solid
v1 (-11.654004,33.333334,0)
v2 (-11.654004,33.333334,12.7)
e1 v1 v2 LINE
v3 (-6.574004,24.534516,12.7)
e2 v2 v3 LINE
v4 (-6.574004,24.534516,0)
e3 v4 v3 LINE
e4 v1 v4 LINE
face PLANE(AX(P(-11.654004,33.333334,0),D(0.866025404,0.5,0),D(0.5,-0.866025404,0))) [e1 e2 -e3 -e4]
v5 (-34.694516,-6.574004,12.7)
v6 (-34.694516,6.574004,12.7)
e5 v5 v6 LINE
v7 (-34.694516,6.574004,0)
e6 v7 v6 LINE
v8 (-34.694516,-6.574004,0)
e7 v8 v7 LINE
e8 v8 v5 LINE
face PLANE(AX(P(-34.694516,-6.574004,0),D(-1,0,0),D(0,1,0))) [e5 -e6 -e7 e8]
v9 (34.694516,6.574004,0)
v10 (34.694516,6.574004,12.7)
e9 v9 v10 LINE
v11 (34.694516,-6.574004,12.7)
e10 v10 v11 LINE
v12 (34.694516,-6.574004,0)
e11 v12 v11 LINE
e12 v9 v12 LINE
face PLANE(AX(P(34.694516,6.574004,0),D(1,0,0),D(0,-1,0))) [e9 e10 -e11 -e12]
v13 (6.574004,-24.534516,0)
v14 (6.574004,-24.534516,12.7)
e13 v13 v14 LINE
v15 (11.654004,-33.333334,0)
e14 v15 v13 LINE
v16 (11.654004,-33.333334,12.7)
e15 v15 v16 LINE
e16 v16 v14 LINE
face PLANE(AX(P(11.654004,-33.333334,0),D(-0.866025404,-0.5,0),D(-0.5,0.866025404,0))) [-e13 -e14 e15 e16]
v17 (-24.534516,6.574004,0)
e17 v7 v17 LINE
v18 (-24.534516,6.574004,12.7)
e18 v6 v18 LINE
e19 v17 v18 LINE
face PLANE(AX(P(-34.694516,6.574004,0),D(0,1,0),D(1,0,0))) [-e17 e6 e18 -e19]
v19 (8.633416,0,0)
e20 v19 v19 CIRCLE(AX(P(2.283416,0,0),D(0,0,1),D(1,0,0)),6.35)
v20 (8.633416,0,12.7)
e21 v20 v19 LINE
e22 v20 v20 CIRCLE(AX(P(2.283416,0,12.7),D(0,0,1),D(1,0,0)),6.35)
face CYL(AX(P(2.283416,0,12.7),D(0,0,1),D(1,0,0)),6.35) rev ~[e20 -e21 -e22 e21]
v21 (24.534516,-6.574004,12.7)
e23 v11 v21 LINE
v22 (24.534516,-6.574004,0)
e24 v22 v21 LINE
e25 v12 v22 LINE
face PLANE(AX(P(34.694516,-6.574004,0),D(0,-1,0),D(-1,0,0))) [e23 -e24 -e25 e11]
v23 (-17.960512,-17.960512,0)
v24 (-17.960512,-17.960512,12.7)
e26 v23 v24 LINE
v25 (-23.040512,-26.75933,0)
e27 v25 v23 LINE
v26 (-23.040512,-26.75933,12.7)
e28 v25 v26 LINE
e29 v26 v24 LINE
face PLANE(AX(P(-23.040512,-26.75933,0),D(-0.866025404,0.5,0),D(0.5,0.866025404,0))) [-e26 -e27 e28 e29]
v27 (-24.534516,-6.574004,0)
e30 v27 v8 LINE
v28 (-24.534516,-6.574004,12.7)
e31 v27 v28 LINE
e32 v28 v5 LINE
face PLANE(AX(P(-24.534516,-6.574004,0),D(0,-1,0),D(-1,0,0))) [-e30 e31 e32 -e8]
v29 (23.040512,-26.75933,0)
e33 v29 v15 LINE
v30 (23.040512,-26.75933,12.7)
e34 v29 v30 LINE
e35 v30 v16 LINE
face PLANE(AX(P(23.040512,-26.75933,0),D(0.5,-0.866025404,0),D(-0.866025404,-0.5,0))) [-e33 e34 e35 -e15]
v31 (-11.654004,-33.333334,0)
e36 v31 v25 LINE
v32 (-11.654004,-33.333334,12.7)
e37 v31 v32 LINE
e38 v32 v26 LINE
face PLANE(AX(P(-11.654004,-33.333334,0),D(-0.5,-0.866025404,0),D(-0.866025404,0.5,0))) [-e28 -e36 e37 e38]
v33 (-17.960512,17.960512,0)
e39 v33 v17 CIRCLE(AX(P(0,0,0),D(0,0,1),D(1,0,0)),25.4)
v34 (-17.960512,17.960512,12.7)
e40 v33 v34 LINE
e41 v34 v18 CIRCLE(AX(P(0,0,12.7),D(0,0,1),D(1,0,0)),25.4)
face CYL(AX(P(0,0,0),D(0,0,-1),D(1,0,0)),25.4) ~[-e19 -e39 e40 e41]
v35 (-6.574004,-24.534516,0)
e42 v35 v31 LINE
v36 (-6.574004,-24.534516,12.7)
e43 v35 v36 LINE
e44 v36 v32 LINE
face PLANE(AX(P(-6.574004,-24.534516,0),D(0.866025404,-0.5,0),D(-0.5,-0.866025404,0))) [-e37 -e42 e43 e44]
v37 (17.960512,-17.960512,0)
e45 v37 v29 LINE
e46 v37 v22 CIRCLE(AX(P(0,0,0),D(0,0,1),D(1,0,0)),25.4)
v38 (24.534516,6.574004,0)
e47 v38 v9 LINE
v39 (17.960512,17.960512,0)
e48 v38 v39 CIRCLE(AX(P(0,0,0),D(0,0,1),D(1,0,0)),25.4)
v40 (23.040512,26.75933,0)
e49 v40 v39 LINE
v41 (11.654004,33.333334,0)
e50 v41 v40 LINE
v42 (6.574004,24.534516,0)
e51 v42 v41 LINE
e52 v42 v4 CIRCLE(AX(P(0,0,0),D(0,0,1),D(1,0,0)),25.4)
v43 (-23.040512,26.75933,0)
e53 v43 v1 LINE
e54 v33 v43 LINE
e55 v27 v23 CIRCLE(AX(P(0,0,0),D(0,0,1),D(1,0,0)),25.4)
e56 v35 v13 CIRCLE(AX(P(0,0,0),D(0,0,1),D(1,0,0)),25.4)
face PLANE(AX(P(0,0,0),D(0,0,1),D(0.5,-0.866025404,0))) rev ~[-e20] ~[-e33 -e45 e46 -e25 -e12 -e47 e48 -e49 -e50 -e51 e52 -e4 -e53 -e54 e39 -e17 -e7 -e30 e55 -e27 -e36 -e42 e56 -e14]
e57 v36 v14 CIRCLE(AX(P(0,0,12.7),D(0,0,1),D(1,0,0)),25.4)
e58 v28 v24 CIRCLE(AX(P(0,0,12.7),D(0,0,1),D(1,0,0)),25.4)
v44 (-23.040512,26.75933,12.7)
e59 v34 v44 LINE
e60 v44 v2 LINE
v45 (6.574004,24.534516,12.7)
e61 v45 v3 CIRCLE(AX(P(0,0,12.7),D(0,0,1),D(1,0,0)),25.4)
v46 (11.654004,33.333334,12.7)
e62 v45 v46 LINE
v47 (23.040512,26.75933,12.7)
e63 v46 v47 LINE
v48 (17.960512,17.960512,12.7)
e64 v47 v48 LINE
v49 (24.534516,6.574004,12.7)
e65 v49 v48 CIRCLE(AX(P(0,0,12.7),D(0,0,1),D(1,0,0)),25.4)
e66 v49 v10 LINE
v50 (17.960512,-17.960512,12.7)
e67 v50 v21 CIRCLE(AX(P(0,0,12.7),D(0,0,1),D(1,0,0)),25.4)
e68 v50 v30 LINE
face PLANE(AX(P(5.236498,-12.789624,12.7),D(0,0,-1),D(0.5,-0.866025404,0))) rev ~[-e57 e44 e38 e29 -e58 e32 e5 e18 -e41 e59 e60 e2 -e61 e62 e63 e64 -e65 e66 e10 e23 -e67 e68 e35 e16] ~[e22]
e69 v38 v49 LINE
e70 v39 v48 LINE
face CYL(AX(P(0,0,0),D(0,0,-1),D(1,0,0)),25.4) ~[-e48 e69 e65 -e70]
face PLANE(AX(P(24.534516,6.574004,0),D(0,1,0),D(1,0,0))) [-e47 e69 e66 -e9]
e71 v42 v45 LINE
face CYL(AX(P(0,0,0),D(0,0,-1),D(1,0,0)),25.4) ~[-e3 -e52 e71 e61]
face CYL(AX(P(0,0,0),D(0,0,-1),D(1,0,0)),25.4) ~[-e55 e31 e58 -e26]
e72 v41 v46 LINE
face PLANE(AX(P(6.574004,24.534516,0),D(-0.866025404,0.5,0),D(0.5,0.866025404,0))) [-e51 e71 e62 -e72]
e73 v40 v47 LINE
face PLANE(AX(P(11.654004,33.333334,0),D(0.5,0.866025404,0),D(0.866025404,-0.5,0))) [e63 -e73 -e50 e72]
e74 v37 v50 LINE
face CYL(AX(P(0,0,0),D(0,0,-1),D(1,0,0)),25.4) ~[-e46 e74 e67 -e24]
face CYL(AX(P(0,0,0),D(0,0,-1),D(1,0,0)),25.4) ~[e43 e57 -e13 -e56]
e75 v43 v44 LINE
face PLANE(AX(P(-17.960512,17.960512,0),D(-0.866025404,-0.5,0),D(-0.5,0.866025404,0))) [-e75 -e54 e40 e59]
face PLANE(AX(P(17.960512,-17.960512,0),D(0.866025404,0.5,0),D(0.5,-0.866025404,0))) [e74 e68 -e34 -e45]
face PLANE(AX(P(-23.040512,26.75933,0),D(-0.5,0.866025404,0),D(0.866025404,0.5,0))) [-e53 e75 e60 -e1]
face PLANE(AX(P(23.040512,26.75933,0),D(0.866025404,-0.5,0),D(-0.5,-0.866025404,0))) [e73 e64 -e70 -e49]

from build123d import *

# Parameters (mm, degrees)
F0_R     = 25.4
F1_DEPTH = 12.7
F3_DEPTH = 12.7
F5_COUNT = 6
F6_R     = 6.35
F7_DEPTH = 25.4


with BuildPart() as f1:
    # F0 (on Top) → F1 (new body)
    with BuildSketch(Plane.XY):
        Circle(F0_R)
    extrude(amount=F1_DEPTH)

    # F2 (on face) → F3 (join)
    with BuildSketch(Plane(origin=(0, 0, 0), x_dir=(1, 0, 0), z_dir=(0, 0, -1))):
        Polygon((24.534516, 6.574004), (0, 0), (24.534516, 0), align=None)
        Polygon((24.534516, 0), (0, 0), (24.534516, -6.574004), align=None)
        Polygon((24.534516, 6.574004), (24.534516, 0), (24.534516, -6.574004), (34.694516, -6.574004), (34.694516, 6.574004), align=None)
    extrude(amount=-F3_DEPTH)

    # F5: F1 ×6 about axis
    f5_axis = Axis((0, 0, 22.523824), (0, 0, 1))


with BuildPart() as f1_1:
    add(f1.part)
    for i in range(1, F5_COUNT):
        add(f1.part.rotate(f5_axis, i * 360 / F5_COUNT))

    # F6 (on face) → F7 (cut)
    with BuildSketch(Plane.XY.offset(12.7)):
        with Locations((2.283416, 0)):
            Circle(F6_R)
    extrude(amount=-F7_DEPTH, mode=Mode.SUBTRACT)


solid = f1_1.part
